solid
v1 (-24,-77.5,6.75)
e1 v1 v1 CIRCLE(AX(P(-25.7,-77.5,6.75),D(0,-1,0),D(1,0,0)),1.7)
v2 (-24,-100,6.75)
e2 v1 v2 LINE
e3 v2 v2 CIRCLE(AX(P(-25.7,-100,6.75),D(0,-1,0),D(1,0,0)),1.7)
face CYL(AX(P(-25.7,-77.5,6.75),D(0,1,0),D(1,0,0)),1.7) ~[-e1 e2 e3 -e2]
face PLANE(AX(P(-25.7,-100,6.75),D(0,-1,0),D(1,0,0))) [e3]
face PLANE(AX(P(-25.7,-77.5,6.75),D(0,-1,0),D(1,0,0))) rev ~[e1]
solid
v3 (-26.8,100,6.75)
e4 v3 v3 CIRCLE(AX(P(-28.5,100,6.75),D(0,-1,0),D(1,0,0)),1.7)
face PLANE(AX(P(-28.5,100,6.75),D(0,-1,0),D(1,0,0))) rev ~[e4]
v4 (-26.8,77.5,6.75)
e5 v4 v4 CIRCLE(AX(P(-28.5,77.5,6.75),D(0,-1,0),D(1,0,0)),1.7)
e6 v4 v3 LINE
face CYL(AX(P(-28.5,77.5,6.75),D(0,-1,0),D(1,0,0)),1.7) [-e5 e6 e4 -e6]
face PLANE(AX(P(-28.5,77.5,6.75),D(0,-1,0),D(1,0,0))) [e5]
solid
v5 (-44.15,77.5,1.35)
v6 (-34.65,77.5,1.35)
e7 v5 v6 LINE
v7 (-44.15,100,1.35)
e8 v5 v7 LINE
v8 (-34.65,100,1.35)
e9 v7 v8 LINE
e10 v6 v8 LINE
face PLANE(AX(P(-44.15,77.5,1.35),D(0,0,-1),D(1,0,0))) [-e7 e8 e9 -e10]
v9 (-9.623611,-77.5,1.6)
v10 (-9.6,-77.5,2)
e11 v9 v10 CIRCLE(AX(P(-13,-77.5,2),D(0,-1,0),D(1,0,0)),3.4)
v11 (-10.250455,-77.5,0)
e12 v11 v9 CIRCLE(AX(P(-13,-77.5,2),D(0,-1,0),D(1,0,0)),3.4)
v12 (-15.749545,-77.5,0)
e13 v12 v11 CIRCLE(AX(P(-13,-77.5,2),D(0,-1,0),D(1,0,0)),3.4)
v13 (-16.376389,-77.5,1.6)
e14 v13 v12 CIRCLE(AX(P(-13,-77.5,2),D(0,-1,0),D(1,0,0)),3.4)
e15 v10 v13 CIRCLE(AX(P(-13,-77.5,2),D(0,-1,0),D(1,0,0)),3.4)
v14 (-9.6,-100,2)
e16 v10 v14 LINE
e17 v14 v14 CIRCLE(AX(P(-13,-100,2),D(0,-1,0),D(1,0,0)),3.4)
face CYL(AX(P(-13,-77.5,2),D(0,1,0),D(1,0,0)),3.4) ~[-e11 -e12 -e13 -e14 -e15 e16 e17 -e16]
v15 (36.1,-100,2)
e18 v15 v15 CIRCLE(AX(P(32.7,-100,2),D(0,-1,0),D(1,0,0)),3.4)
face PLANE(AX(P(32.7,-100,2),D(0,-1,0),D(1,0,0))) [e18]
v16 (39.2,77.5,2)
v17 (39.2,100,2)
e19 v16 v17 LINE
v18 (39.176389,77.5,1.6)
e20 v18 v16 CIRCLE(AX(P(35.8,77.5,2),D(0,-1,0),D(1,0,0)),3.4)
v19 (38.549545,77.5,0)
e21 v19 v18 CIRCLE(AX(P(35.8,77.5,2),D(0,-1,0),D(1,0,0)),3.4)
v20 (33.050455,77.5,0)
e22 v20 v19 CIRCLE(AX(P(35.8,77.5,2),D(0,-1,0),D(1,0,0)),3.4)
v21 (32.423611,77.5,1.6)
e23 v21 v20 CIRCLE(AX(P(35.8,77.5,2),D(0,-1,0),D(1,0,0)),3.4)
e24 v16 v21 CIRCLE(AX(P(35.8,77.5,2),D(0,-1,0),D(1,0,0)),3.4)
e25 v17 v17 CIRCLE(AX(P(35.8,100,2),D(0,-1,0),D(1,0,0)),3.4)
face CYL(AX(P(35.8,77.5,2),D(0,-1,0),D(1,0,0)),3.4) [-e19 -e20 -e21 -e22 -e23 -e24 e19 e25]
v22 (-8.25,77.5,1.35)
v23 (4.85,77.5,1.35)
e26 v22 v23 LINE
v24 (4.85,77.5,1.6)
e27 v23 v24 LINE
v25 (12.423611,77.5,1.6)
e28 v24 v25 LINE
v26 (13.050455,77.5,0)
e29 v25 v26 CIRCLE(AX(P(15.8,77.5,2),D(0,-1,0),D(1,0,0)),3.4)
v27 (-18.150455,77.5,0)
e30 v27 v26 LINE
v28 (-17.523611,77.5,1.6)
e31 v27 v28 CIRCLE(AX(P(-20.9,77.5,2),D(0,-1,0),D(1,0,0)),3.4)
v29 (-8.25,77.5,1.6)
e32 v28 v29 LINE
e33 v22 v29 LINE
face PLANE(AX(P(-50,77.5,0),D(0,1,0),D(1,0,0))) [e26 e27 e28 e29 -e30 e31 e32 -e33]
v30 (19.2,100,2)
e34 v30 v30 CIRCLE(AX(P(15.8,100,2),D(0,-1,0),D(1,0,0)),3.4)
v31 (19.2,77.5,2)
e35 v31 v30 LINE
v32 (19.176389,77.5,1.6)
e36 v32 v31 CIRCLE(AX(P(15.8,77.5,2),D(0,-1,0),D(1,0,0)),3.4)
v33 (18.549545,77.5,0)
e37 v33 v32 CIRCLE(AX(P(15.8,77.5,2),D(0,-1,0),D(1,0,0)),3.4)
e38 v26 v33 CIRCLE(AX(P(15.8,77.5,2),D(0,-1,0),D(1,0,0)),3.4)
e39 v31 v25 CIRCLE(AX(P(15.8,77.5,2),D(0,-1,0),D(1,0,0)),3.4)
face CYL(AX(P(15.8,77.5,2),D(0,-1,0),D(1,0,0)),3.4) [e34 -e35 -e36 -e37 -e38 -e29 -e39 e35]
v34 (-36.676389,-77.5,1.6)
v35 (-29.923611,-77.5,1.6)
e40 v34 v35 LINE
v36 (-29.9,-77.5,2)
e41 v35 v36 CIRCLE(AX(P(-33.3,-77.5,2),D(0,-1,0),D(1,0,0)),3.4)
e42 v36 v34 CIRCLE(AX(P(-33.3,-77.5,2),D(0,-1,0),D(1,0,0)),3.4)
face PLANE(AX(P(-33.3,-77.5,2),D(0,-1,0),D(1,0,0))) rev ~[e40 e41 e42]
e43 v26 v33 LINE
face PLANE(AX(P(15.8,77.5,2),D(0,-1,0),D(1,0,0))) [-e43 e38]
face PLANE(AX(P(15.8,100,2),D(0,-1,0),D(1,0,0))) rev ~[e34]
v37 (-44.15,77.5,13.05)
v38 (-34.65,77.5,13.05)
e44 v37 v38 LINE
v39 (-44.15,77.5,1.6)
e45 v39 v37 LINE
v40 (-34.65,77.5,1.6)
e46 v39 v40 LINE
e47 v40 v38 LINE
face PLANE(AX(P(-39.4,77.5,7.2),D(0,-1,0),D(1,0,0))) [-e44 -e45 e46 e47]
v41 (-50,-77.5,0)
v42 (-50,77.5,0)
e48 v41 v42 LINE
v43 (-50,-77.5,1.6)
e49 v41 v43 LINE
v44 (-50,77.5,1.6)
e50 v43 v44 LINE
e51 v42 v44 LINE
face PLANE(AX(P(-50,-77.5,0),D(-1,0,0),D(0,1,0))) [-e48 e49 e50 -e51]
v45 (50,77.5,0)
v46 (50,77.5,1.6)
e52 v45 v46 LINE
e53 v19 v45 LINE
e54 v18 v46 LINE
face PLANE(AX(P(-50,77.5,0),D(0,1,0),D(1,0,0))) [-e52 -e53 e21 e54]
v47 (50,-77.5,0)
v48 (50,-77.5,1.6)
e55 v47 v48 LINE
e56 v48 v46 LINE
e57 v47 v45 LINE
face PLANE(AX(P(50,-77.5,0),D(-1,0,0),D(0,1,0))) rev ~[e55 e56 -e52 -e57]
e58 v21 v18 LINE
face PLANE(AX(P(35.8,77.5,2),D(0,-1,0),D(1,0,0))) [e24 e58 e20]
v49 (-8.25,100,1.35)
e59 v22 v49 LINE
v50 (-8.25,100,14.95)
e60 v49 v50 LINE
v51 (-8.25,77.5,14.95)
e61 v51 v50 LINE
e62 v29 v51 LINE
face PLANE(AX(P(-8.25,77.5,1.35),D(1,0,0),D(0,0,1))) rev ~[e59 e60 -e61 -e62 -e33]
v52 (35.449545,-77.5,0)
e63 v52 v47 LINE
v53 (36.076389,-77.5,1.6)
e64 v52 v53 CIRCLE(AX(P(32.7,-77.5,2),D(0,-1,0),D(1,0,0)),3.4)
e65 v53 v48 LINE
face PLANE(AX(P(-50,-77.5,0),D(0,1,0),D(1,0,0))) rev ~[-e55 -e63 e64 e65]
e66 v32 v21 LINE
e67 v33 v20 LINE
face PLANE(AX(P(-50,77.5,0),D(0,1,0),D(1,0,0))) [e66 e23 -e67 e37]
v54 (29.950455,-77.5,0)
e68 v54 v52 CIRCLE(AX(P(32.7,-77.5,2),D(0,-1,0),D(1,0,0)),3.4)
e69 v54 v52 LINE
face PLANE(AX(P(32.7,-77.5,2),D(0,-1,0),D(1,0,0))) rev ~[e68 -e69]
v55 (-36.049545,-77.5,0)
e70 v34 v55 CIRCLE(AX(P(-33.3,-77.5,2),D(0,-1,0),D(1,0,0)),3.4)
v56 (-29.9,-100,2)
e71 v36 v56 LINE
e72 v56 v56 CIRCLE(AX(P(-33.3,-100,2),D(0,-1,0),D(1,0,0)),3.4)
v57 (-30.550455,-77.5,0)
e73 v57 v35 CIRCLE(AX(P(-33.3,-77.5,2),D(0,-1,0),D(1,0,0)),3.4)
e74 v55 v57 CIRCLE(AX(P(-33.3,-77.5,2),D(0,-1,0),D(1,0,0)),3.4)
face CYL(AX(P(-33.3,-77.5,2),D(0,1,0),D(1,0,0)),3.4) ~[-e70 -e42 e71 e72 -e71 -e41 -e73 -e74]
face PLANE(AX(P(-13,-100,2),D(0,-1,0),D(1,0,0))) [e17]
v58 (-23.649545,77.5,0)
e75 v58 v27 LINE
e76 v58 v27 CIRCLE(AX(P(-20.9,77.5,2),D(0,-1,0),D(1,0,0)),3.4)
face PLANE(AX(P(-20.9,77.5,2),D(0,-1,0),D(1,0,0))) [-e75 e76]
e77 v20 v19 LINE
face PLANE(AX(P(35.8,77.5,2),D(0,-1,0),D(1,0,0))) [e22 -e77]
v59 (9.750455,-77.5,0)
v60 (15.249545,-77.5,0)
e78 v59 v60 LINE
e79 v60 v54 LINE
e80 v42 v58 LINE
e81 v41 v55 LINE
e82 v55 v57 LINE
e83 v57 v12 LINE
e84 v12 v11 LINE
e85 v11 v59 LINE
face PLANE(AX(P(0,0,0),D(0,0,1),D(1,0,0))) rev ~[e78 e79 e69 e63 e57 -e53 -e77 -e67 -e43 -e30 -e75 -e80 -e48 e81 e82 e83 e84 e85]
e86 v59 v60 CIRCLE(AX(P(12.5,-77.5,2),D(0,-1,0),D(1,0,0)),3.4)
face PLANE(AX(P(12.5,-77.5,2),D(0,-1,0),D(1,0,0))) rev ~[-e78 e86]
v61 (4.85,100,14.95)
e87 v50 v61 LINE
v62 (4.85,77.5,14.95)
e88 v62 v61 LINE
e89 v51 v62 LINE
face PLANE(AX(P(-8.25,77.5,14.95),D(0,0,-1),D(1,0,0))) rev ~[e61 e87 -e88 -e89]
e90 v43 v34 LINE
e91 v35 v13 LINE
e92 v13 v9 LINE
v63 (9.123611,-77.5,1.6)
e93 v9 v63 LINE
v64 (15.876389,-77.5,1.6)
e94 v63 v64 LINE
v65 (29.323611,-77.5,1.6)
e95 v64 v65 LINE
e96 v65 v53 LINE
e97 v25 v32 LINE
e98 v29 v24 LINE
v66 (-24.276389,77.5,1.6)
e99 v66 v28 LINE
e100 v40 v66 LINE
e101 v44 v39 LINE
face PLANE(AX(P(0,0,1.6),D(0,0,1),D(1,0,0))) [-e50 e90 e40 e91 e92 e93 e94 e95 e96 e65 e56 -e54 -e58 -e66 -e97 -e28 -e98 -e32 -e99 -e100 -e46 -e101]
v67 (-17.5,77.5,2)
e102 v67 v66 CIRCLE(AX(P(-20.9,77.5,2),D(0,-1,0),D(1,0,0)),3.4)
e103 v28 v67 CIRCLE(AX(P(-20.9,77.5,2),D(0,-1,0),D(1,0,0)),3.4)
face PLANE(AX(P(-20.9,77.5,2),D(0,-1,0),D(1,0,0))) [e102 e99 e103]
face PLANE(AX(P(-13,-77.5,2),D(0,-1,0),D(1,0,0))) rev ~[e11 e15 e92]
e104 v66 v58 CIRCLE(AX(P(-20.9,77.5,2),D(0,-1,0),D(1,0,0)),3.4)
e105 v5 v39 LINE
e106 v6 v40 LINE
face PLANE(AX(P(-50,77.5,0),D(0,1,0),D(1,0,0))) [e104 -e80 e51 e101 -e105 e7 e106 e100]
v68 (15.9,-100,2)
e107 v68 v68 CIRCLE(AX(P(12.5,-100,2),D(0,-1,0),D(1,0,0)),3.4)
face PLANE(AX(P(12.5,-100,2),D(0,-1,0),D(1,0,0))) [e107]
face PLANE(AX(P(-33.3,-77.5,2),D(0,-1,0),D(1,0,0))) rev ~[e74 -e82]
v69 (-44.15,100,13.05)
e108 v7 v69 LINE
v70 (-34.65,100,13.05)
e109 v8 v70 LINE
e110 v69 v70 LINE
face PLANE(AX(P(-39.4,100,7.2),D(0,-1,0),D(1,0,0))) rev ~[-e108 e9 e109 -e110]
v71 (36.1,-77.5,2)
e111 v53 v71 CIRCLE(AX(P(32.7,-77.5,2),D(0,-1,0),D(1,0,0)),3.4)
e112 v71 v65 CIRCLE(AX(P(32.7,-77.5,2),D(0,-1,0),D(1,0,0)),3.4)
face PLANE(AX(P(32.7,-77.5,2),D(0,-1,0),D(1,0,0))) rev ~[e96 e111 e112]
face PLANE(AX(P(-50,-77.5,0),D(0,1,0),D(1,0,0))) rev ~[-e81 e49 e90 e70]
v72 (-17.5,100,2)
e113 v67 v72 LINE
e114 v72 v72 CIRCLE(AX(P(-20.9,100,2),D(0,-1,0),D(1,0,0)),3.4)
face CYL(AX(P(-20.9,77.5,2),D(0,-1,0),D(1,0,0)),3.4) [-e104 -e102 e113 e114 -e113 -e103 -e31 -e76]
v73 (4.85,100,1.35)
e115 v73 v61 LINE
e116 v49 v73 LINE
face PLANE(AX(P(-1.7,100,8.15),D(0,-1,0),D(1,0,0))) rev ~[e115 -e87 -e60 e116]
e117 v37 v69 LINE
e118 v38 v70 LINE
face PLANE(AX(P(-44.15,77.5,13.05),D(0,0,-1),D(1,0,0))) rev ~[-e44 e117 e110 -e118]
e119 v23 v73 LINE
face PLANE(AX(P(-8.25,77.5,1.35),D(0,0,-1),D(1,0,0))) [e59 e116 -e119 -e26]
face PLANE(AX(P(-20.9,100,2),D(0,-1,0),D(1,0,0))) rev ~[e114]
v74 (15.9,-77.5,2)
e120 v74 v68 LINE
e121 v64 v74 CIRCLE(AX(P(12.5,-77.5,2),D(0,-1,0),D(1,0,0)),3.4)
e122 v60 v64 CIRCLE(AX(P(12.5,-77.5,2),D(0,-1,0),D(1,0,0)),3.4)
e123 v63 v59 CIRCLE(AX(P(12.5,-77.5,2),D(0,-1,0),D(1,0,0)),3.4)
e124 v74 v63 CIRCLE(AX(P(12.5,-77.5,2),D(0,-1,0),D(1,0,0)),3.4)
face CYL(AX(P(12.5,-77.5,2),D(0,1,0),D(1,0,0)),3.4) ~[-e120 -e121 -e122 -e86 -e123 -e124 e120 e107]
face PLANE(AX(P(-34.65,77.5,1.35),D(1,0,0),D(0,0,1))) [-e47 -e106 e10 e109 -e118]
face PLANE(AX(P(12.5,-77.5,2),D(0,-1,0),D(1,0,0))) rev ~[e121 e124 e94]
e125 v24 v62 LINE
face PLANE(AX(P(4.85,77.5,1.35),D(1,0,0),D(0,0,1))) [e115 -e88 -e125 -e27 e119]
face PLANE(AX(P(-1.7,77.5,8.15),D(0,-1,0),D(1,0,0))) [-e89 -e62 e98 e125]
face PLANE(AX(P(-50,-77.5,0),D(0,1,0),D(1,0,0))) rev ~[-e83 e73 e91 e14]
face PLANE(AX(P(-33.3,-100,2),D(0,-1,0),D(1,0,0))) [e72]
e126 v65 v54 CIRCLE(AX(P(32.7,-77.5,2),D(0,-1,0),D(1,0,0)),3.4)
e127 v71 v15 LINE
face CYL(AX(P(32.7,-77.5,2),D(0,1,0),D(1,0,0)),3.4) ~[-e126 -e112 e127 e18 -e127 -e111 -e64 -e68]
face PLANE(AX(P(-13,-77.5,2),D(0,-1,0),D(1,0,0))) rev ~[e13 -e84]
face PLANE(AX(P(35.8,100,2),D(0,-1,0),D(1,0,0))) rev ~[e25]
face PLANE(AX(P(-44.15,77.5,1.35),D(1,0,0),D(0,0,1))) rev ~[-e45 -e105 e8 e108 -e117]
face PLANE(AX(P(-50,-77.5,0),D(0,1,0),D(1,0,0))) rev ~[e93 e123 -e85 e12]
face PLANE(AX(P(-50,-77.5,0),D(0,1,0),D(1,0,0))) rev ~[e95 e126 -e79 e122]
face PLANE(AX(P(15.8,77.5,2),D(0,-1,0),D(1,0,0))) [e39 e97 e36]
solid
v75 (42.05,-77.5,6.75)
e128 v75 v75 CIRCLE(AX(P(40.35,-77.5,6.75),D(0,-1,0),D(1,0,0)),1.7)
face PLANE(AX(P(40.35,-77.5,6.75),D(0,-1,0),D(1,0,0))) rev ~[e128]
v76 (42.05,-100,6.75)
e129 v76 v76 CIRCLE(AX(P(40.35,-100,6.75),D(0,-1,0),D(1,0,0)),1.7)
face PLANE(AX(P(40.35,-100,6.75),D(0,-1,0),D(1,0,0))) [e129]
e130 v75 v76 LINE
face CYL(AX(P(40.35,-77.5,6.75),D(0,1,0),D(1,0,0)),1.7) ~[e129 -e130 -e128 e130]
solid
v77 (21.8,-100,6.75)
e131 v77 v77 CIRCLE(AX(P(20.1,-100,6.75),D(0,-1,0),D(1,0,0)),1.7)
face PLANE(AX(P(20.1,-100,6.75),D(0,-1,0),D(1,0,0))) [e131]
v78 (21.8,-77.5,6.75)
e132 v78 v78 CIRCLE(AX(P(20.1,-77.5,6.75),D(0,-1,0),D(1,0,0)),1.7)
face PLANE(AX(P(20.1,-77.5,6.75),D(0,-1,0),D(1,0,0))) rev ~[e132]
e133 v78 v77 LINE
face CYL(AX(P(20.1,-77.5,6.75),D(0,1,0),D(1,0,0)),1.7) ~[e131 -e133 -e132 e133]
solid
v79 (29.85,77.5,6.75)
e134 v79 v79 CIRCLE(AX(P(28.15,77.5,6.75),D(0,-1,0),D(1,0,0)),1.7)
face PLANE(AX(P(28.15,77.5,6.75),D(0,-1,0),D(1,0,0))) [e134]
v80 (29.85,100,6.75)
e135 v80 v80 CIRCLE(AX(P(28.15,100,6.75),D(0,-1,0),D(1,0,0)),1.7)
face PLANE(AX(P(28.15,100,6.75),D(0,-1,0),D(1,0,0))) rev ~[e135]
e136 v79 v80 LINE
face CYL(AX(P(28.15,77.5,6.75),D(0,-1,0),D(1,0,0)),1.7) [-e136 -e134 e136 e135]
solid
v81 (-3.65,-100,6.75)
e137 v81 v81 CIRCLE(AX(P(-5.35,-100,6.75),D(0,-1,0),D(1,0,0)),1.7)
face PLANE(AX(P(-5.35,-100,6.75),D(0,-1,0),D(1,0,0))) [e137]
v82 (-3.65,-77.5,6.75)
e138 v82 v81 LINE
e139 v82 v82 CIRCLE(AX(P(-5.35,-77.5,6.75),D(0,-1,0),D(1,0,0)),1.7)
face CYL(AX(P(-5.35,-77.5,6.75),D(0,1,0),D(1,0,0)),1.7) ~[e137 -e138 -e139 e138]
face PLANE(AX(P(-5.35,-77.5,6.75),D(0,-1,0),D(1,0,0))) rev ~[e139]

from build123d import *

# Parameters (mm, degrees)
F2_W     = 100
F2_H     = 155
F3_DEPTH = 1.6
F4_START = 77.5
F0_R     = 3.4
F4_DEPTH = 22.5
F0_R_2   = 1.7
F5_START = -77.5
F1_R     = 1.7
F5_DEPTH = 22.5
F1_R_2   = 3.4
F1_W     = 13.1
F1_H     = 13.6
F1_W_2   = 9.5
F1_H_2   = 11.7


with BuildPart() as f3:
    # F2 (on Top) → F3 (new body, through all)
    with BuildSketch(Plane.XY):
        Rectangle(F2_W, F2_H)
    extrude(amount=F3_DEPTH)

    # F0 (on Front) → F4 (join)
    with BuildSketch(Plane.XZ.offset(F4_START)):
        with Locations((-33.3, 2)):
            Circle(F0_R)
        with Locations((-13, 2)):
            Circle(F0_R)
        with Locations((12.5, 2)):
            Circle(F0_R)
        with Locations((32.7, 2)):
            Circle(F0_R)
    extrude(amount=F4_DEPTH)

    # F1 (on Front) → F5, piece 3 (join)
    with BuildSketch(Plane.XZ.offset(F5_START)):
        with Locations((35.8, 2)):
            Circle(F1_R_2)
        with Locations((15.8, 2)):
            Circle(F1_R_2)
        with Locations((-20.9, 2)):
            Circle(F1_R_2)
        with Locations((-1.7, 8.15)):
            Rectangle(F1_W, F1_H)
        with Locations((-39.4, 7.2)):
            Rectangle(F1_W_2, F1_H_2)
    extrude(amount=-F5_DEPTH)


with BuildPart() as f4:
    # F0 (on Front) → F4, piece 2 (new body)
    with BuildSketch(Plane.XZ.offset(F4_START)):
        with Locations((-25.7, 6.75)):
            Circle(F0_R_2)
    extrude(amount=F4_DEPTH)


with BuildPart() as f4b:
    # F0 (on Front) → F4, piece 3 (new body)
    with BuildSketch(Plane.XZ.offset(F4_START)):
        with Locations((-5.35, 6.75)):
            Circle(F0_R_2)
    extrude(amount=F4_DEPTH)


with BuildPart() as f4c:
    # F0 (on Front) → F4, piece 4 (new body)
    with BuildSketch(Plane.XZ.offset(F4_START)):
        with Locations((20.1, 6.75)):
            Circle(F0_R_2)
    extrude(amount=F4_DEPTH)


with BuildPart() as f4d:
    # F0 (on Front) → F4, piece 5 (new body)
    with BuildSketch(Plane.XZ.offset(F4_START)):
        with Locations((40.35, 6.75)):
            Circle(F0_R_2)
    extrude(amount=F4_DEPTH)


with BuildPart() as f5:
    # F1 (on Front) → F5 (new body)
    with BuildSketch(Plane.XZ.offset(F5_START)):
        with Locations((28.15, 6.75)):
            Circle(F1_R)
    extrude(amount=-F5_DEPTH)


with BuildPart() as f5b:
    # F1 (on Front) → F5, piece 2 (new body)
    with BuildSketch(Plane.XZ.offset(F5_START)):
        with Locations((-28.5, 6.75)):
            Circle(F1_R)
    extrude(amount=-F5_DEPTH)


solid = Compound([f3.part, f4.part, f4b.part, f4c.part, f4d.part, f5.part, f5b.part])
